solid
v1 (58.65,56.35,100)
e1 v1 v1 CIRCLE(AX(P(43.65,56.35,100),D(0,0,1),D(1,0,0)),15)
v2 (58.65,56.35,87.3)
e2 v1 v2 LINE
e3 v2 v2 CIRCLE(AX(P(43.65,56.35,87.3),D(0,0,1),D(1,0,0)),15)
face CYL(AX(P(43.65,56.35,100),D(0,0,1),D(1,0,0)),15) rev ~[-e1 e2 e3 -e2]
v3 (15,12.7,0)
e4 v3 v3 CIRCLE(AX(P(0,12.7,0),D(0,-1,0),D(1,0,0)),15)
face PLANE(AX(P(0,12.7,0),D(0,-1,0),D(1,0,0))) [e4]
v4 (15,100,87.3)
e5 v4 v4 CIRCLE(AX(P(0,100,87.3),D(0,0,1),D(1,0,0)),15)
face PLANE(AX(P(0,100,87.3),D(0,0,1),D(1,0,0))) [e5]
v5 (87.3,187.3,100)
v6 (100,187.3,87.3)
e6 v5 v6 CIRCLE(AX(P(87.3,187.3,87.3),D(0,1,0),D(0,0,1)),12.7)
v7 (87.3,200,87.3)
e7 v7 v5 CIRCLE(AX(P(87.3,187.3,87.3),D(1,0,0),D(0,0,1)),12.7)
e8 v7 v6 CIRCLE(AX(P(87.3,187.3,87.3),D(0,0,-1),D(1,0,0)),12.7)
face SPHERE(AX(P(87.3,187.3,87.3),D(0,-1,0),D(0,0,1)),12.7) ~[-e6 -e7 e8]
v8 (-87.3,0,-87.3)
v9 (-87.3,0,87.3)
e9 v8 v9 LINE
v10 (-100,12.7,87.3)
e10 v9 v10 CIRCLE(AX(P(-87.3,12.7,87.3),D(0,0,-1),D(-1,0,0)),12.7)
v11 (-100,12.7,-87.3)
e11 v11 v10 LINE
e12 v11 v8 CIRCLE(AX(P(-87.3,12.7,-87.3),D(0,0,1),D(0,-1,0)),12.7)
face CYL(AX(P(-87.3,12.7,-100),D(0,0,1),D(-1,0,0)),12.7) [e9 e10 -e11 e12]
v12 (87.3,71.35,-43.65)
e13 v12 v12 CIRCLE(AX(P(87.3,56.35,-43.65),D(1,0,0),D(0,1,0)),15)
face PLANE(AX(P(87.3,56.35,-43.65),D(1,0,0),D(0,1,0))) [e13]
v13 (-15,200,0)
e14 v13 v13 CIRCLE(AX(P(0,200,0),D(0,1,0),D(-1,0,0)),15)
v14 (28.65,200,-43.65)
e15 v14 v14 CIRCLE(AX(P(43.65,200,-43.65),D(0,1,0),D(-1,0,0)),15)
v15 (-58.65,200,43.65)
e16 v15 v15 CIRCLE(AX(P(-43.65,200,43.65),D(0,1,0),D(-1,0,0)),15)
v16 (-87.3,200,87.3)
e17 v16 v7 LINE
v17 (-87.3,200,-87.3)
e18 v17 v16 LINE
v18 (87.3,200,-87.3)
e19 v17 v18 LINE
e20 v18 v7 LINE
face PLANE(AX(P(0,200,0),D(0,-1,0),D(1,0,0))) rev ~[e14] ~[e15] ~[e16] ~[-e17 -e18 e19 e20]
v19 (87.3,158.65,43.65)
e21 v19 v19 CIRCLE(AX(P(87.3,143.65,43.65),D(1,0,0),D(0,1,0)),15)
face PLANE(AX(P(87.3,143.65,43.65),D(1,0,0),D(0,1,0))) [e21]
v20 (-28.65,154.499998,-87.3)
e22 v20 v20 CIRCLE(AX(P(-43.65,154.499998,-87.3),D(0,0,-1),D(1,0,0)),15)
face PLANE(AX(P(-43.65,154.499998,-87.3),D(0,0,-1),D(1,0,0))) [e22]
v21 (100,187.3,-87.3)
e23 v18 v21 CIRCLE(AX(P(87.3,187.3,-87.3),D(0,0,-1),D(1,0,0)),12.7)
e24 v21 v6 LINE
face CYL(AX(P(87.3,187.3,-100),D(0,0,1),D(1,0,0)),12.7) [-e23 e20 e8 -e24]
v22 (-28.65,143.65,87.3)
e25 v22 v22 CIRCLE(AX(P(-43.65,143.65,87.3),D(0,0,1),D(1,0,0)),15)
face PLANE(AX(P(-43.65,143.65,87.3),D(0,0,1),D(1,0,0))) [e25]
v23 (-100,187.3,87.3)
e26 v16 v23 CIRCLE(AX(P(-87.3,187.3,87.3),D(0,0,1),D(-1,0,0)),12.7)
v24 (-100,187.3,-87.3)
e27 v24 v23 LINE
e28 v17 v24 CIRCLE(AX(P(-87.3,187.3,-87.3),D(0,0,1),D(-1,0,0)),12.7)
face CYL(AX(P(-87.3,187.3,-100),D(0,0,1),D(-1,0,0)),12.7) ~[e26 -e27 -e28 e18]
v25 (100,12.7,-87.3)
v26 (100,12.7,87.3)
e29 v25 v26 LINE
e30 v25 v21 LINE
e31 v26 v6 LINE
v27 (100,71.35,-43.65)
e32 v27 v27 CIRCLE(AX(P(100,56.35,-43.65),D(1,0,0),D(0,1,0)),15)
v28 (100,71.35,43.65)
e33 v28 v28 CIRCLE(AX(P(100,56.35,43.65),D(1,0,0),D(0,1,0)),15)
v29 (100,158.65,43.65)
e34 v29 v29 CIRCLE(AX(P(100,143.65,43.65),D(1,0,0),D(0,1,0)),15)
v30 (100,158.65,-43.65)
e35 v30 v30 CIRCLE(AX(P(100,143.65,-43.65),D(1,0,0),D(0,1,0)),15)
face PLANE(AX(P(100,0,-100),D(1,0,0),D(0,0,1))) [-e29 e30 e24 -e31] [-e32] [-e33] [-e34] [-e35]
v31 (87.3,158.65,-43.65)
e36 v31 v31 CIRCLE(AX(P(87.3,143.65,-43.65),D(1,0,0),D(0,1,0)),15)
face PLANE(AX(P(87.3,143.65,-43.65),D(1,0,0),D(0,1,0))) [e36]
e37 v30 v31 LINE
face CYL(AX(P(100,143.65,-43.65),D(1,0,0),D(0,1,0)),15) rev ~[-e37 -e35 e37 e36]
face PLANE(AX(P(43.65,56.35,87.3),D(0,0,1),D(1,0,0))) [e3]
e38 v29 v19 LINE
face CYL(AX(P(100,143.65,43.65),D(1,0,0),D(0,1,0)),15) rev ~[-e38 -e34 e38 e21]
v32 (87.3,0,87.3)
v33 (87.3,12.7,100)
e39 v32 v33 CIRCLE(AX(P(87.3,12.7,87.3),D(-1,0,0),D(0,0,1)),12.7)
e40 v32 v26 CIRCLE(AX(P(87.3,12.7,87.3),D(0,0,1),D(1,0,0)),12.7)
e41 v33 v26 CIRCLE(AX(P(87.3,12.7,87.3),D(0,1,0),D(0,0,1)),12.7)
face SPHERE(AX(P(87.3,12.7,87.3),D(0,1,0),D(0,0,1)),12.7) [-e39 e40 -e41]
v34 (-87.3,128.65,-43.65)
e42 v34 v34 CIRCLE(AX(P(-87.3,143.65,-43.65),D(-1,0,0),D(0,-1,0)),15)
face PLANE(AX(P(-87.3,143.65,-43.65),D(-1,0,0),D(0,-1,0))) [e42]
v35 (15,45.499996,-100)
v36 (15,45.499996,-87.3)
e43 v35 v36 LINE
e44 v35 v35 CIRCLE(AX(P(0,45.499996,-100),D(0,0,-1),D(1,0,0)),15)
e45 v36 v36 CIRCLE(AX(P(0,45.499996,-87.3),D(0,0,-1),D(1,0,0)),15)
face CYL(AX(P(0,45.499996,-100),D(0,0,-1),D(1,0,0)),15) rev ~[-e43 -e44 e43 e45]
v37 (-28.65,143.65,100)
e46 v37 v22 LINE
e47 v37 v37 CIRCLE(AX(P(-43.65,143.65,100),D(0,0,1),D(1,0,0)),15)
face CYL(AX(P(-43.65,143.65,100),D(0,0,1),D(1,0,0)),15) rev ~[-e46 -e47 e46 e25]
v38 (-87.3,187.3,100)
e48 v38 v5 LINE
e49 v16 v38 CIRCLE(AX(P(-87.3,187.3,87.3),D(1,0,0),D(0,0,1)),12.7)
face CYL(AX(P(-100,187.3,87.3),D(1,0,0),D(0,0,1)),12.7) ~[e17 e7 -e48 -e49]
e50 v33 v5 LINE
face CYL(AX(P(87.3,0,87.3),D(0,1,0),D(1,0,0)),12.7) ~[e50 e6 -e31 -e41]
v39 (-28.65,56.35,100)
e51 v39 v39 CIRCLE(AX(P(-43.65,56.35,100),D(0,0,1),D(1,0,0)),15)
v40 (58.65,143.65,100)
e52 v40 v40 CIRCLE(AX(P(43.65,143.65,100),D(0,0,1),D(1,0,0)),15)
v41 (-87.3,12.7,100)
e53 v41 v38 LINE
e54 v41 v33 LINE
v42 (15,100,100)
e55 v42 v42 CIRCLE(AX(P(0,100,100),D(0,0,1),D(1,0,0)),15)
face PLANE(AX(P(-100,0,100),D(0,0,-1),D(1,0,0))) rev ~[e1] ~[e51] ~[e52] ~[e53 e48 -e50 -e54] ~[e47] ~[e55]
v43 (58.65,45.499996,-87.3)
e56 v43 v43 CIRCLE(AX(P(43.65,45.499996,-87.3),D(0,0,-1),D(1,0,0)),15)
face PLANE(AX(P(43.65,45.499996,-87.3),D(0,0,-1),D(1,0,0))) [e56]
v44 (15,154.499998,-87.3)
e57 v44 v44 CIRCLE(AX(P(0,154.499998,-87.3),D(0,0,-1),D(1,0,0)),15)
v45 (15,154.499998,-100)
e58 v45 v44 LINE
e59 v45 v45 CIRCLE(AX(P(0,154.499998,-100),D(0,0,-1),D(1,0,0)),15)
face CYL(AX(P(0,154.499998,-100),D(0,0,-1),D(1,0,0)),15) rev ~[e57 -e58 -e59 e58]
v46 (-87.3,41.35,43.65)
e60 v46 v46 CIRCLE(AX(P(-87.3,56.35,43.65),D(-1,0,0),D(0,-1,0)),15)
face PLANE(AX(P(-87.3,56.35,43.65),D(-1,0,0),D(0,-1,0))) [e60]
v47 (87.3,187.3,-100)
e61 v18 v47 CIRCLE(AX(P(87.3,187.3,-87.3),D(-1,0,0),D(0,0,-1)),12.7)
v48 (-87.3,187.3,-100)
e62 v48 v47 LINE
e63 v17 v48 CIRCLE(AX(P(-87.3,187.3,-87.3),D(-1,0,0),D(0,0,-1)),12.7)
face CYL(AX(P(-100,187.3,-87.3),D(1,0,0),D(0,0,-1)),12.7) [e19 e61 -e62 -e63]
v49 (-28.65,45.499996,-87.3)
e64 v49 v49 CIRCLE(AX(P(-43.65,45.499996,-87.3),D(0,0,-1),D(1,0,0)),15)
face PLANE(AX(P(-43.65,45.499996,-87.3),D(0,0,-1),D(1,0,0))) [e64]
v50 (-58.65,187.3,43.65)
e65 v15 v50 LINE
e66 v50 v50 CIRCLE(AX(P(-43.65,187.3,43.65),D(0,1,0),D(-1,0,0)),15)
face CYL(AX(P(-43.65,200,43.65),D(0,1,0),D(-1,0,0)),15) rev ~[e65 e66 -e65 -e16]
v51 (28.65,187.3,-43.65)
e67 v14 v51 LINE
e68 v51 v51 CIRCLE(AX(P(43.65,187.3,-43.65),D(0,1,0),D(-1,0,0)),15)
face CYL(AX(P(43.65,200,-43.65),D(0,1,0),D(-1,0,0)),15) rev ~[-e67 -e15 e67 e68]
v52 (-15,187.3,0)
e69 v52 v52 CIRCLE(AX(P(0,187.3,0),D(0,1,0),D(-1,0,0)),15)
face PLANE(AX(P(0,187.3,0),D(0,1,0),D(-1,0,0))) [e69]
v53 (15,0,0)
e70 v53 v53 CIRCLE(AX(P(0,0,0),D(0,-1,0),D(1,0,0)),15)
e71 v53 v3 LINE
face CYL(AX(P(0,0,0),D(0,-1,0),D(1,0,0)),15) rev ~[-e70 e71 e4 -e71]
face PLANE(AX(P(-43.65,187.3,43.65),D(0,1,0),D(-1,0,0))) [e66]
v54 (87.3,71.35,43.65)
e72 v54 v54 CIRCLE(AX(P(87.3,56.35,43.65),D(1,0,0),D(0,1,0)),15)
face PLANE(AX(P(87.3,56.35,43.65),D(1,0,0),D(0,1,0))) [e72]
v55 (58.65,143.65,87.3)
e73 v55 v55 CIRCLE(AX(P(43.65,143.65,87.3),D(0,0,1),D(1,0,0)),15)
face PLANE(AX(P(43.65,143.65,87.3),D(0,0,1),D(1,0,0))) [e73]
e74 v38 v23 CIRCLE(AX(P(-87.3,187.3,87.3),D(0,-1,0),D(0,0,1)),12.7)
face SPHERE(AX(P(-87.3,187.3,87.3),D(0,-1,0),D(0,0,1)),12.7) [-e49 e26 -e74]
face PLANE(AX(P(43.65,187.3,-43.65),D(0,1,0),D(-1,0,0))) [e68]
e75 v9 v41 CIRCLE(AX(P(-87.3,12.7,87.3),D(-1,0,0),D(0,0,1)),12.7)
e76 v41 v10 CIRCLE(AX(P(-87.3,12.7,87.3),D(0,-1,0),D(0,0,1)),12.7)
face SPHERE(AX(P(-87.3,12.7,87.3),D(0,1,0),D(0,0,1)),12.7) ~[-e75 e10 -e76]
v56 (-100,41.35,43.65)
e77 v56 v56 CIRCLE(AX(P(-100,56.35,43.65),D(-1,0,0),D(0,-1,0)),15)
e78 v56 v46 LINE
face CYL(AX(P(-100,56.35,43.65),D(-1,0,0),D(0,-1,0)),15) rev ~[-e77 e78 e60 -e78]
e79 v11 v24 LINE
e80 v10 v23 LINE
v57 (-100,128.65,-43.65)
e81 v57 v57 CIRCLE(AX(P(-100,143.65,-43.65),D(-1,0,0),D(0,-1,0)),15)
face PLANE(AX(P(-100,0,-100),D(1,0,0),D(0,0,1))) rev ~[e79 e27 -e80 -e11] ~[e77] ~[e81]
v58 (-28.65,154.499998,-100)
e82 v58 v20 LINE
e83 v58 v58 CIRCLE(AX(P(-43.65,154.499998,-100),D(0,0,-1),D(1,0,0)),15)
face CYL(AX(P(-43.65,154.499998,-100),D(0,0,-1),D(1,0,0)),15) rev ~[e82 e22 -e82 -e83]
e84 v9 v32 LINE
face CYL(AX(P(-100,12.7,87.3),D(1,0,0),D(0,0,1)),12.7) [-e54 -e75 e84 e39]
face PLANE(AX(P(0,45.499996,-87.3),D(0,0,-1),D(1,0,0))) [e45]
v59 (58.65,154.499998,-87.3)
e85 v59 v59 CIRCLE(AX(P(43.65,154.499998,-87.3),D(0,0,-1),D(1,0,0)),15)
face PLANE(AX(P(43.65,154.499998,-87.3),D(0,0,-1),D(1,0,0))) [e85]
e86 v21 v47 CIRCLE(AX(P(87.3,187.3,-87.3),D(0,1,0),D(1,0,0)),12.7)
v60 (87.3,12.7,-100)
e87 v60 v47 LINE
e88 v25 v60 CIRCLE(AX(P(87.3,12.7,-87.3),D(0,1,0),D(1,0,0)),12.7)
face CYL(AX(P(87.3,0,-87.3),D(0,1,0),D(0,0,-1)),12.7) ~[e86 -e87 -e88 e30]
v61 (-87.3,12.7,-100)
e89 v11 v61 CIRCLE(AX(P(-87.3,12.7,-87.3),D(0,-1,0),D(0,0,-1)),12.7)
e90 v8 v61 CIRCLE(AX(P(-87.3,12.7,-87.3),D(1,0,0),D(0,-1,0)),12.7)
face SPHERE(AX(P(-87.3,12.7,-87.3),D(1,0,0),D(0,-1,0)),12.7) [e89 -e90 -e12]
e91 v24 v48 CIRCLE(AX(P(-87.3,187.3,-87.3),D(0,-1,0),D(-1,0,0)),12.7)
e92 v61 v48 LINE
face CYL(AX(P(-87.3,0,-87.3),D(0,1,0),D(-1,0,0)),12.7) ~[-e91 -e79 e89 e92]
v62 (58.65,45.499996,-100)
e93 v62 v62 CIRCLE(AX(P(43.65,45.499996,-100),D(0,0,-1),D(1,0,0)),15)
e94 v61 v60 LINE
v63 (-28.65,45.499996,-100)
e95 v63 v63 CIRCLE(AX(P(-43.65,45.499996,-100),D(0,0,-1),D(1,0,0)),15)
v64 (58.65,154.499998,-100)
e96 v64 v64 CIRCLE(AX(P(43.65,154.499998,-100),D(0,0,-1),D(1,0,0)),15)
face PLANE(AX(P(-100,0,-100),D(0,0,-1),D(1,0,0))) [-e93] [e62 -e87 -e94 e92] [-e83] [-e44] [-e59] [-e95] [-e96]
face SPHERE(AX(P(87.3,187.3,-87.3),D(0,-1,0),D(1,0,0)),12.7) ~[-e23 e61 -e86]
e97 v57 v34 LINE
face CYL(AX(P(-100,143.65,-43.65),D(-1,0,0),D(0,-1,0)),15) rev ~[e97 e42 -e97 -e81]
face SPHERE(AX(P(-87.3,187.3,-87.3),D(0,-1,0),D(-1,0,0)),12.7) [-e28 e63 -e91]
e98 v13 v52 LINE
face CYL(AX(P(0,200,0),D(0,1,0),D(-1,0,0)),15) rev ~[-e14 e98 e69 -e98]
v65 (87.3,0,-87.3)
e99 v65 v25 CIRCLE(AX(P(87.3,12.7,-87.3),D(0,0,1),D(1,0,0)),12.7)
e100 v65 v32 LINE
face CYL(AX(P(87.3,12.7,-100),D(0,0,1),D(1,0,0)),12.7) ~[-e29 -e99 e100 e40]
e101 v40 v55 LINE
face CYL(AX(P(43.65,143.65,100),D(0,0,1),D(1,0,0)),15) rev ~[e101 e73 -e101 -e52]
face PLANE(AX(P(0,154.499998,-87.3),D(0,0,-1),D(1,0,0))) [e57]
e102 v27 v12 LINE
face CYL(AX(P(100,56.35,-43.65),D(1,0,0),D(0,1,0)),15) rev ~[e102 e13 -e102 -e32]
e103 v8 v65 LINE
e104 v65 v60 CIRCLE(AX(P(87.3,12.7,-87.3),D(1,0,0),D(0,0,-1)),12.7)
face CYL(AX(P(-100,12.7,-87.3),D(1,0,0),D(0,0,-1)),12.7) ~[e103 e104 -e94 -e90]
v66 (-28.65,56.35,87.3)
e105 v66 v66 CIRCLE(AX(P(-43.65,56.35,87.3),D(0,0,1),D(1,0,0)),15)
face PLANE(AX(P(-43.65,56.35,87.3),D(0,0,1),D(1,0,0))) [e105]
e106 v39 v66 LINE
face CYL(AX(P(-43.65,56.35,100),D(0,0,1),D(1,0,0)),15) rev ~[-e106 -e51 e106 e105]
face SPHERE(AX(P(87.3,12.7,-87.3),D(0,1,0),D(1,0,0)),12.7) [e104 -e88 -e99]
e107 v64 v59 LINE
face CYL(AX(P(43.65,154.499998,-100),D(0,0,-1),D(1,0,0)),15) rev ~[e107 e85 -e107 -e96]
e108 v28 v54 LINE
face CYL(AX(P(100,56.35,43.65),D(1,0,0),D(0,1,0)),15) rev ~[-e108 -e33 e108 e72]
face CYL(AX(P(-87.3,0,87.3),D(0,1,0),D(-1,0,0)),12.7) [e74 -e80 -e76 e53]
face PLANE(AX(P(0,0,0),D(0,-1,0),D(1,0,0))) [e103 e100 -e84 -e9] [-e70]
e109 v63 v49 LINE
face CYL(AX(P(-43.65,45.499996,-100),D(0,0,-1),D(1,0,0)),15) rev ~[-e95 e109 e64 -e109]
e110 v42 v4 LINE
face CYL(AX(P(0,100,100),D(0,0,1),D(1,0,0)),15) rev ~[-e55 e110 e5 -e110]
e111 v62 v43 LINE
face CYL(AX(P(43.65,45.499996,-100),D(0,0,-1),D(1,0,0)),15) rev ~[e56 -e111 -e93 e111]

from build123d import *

# Parameters (mm, degrees)
F0_W      = 200
F0_H      = 200
F1_DEPTH  = 200
F2_R      = 12.7
F3_R      = 15
F4_DEPTH  = 12.7
F5_R      = 15
F6_DEPTH  = 12.7
F7_R      = 15
F8_DEPTH  = 12.7
F9_R      = 15
F10_DEPTH = 12.7
F11_R     = 15
F12_DEPTH = 12.7
F13_R     = 15
F14_DEPTH = 12.7


with BuildPart() as f1:
    # F0 (on Front) → F1 (new body)
    with BuildSketch(Plane.XZ):
        Rectangle(F0_W, F0_H)
    extrude(amount=-F1_DEPTH)

    # F2
    f2_edges = [f1.edges().sort_by_distance(p)[0] for p in [
        (100, 100, 100),
        (-100, 100, 100),
        (0, 0, 100),
        (0, 200, 100),
        (100, 100, -100),
        (100, 0, 0),
        (100, 200, 0),
        (0, 0, -100),
        (-100, 0, 0),
        (-100, 100, -100),
        (-100, 200, 0),
        (0, 200, -100),
    ]]
    fillet(f2_edges, radius=F2_R)

    # F3 (on face) → F4 (cut)
    with BuildSketch(Plane.XZ):
        Circle(F3_R)
    extrude(amount=-F4_DEPTH, mode=Mode.SUBTRACT)

    # F5 (on face) → F6 (cut)
    with BuildSketch(Plane.YZ.offset(100)):
        with Locations((56.35, -43.65)):
            Circle(F5_R)
        with Locations((143.65, -43.65)):
            Circle(F5_R)
        with Locations((56.35, 43.65)):
            Circle(F5_R)
        with Locations((143.65, 43.65)):
            Circle(F5_R)
    extrude(amount=-F6_DEPTH, mode=Mode.SUBTRACT)

    # F7 (on face) → F8 (cut)
    with BuildSketch(Plane(origin=(0, 0, -100), x_dir=(1, 0, 0), z_dir=(0, 0, -1))):
        with Locations((-43.65, -45.499996)):
            Circle(F7_R)
        with Locations((0, -45.499996)):
            Circle(F7_R)
        with Locations((43.65, -45.499996)):
            Circle(F7_R)
        with Locations((-43.65, -154.499998)):
            Circle(F7_R)
        with Locations((0, -154.499998)):
            Circle(F7_R)
        with Locations((43.65, -154.499998)):
            Circle(F7_R)
    extrude(amount=-F8_DEPTH, mode=Mode.SUBTRACT)

    # F9 (on face) → F10 (cut)
    with BuildSketch(Plane.XY.offset(100)):
        with Locations((-43.65, 143.65)):
            Circle(F9_R)
        with Locations((43.65, 143.65)):
            Circle(F9_R)
        with Locations((-43.65, 56.35)):
            Circle(F9_R)
        with Locations((43.65, 56.35)):
            Circle(F9_R)
        with Locations((0, 100)):
            Circle(F9_R)
    extrude(amount=-F10_DEPTH, mode=Mode.SUBTRACT)

    # F11 (on face) → F12 (cut)
    with BuildSketch(Plane(origin=(-100, 0, 0), x_dir=(0, -1, 0), z_dir=(-1, 0, 0))):
        with Locations((-143.65, -43.65)):
            Circle(F11_R)
        with Locations((-56.35, 43.65)):
            Circle(F11_R)
    extrude(amount=-F12_DEPTH, mode=Mode.SUBTRACT)

    # F13 (on face) → F14 (cut)
    with BuildSketch(Plane(origin=(0, 200, 0), x_dir=(-1, 0, 0), z_dir=(0, 1, 0))):
        with Locations((-43.65, -43.65)):
            Circle(F13_R)
        Circle(F13_R)
        with Locations((43.65, 43.65)):
            Circle(F13_R)
    extrude(amount=-F14_DEPTH, mode=Mode.SUBTRACT)


solid = f1.part
